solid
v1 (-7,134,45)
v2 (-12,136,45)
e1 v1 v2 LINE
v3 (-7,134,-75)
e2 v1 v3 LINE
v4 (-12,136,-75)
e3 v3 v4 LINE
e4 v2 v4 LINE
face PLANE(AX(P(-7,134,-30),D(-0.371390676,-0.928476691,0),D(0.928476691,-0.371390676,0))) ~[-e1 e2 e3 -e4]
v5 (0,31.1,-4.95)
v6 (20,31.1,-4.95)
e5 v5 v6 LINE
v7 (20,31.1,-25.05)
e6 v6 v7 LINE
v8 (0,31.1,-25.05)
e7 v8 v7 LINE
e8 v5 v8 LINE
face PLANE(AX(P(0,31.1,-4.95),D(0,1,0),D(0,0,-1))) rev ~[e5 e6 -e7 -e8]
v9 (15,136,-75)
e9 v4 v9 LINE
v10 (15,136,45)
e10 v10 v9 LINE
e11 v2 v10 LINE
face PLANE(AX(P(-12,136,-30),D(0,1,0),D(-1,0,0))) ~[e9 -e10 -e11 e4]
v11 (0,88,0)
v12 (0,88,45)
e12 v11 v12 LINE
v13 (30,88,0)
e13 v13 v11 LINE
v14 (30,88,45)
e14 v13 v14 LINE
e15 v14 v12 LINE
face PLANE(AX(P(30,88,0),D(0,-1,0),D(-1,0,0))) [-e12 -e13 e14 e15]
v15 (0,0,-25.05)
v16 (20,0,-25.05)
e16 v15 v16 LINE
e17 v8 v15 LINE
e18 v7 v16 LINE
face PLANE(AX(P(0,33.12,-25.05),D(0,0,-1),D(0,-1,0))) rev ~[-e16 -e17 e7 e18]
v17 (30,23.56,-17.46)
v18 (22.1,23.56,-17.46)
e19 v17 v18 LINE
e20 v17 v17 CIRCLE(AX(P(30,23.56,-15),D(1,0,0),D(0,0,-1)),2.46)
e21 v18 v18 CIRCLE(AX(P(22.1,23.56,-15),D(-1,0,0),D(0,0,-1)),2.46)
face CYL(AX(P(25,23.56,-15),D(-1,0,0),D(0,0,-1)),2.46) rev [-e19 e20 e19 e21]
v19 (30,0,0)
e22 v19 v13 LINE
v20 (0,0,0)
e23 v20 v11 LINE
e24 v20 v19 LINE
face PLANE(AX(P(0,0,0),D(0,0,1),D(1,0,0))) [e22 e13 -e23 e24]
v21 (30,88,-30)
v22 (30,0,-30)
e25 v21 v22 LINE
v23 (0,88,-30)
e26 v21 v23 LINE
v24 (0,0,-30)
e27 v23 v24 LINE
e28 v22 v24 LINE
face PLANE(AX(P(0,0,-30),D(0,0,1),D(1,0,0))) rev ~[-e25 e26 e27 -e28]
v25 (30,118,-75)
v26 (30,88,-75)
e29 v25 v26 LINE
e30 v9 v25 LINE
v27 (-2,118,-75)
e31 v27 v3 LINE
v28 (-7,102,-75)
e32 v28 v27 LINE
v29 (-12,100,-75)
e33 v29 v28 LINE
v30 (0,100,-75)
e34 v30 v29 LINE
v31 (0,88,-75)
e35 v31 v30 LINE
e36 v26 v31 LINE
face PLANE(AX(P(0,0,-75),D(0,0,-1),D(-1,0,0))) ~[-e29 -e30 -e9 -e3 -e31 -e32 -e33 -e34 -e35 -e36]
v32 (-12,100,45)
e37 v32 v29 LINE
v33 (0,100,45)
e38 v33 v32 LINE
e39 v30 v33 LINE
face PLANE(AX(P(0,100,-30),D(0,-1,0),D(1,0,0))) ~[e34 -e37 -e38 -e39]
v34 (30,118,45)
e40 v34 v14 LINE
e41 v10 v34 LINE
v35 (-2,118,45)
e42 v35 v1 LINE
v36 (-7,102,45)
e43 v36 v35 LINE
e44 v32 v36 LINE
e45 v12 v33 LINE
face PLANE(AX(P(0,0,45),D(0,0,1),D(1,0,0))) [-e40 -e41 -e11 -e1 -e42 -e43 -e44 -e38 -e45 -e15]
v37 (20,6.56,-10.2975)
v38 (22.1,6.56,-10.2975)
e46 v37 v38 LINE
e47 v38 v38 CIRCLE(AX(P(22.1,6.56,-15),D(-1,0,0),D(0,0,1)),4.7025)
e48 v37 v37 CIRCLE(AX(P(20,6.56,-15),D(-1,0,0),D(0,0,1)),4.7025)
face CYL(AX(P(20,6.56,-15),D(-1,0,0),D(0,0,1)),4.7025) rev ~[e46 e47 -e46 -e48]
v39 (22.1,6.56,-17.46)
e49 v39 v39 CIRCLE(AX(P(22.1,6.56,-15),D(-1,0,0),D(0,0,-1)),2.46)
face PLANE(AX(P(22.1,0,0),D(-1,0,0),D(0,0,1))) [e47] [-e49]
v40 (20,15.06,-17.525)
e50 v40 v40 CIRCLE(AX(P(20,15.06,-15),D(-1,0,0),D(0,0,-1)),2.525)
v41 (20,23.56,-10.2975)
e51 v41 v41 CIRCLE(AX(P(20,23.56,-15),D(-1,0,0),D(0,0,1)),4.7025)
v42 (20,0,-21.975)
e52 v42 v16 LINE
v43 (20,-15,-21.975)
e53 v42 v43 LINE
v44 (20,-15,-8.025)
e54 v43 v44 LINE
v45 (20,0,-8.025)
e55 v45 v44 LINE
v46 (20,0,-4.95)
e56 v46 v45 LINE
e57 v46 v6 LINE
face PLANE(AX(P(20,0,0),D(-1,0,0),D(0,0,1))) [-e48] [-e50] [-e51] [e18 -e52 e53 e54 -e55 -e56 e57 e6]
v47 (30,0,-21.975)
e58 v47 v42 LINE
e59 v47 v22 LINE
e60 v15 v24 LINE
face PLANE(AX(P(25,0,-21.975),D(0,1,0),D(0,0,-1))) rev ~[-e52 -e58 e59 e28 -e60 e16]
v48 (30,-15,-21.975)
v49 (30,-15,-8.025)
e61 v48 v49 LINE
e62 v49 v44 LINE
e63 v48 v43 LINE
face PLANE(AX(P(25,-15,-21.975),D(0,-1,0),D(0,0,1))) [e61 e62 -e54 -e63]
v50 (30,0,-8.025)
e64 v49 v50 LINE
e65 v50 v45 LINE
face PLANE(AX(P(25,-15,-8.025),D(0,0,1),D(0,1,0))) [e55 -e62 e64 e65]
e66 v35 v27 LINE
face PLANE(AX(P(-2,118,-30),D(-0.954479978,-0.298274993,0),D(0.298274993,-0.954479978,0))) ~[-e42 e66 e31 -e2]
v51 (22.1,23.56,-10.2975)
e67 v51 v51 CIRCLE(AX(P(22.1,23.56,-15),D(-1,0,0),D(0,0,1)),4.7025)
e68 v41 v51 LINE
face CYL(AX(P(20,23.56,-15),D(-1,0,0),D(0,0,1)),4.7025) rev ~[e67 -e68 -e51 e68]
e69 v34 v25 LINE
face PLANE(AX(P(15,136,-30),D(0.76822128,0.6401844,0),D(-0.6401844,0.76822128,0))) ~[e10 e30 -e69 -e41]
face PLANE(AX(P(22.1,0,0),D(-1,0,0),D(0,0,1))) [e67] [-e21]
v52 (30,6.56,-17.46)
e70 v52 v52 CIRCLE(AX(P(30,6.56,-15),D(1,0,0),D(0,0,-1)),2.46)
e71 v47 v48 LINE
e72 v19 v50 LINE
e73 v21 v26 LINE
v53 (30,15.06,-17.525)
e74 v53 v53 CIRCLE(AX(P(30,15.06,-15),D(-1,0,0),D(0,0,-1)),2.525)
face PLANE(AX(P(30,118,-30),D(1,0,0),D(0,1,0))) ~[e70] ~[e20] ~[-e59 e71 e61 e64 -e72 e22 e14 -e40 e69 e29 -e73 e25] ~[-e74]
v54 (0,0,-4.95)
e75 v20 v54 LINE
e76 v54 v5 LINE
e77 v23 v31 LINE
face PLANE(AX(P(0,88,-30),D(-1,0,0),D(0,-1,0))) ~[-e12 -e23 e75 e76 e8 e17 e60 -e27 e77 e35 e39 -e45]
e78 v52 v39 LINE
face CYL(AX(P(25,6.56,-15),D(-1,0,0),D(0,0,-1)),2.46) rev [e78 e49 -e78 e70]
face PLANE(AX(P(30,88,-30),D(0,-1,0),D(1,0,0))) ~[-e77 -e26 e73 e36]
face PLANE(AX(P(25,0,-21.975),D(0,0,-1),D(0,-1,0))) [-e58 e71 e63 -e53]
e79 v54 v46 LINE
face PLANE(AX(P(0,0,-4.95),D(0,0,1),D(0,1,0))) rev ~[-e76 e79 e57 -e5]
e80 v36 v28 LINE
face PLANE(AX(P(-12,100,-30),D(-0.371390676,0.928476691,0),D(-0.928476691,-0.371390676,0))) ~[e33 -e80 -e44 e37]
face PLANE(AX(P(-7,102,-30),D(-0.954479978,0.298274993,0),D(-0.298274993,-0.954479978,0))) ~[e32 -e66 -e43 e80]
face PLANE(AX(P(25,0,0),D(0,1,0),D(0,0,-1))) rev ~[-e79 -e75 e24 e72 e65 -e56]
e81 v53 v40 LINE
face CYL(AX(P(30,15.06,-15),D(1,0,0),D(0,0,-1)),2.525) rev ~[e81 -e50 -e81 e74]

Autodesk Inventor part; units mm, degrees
ref_plane "YZ Plane" through (0, 0, 0) normal (1, 0, 0) x (0, 1, 0)
ref_plane "XZ Plane" through (0, 0, 0) normal (0, 1, 0) x (-1, 0, 0)
sketch "Sketch1" plane through (0, 0, 0) normal (0, 0, 1) x (1, 0, 0)
  line L0 (0, 0) -> (25, 0)
  line L1 (25, 0) -> (25, 40)
  line L2 (25, 40) -> (0, 40)
  line L3 (0, 40) -> (0, 0)
  dimension "d1" = 25
  dimension "d2" = 40
  dimension "d3" = 25
extrude "Extrusion1" add sketch "Sketch1" against normal blind 30
sketch "Sketch2" plane through (25, 0, 0) normal (1, 0, 0) x (0, 0, -1)
  line L0 (0, 0) -> (30, 0) projected
  circle A0 centre (15, 6.56) radius 2.46
extrude "Extrusion2" cut sketch "Sketch2" against normal blind 30
sketch "Sketch3" plane through (0, 0, 0) normal (-1, 0, 0) x (0, 0, 1)
  line L0 (0, 0) -> (-30, 0) projected
  line L1 (-25.05, 0) -> (-4.95, 0)
  line L2 (-4.95, 0) -> (-4.95, 33.12)
  line L3 (-4.95, 33.12) -> (-25.05, 33.12)
  line L4 (-25.05, 33.12) -> (-25.05, 0)
  dimension "d11" = 20.1
extrude "Extrusion3" cut sketch "Sketch3" against normal blind 20
sketch "Sketch4" plane through (0, 0, 0) normal (0, -1, 0) x (1, 0, 0)
  line L0 (20, -4.95) -> (20, -25.05) projected
  line L1 (20, -15) -> (25, -15)
  line L2 (25, 0) -> (25, -30) projected
  line L3 (20, -8.025) -> (25, -8.025)
  line L4 (25, -8.025) -> (25, -21.975)
  line L5 (25, -21.975) -> (20, -21.975)
  line L6 (20, -21.975) -> (20, -8.025)
  line L7 (20, -8.025) -> (25, -21.975) construction
  line L8 (25, -8.025) -> (20, -21.975) construction
  line L9 (25, -12.54) -> (25, -17.46) projected
  point P0 (0, 0)
  point P1 (22.5, -15)
  dimension "d14" = 13.95
extrude "Extrusion4" add sketch "Sketch4" along normal blind 15
sketch "Sketch5" plane through (20, 0, 0) normal (-1, 0, 0) x (0, 0, 1)
  circle A0 centre (-15, 6.56) radius 2.46 projected
  circle A1 centre (-15, 6.56) radius 4.7025
  circle A2 centre (-15, 6.56) radius 2.46 projected
  circle A3 centre (-15, 6.56) radius 2.46
  point P0 (0, 0)
  dimension "d17" = 9.405
extrude "Extrusion5" cut sketch "Sketch5" against normal blind 2.1
sketch "Sketch6" plane through (25, 0, 0) normal (1, 0, 0) x (0, 0, -1)
  circle A0 centre (15, 6.56) radius 4.7025 projected
  line L0 (15, 6.56) -> (15, 23.56)
  circle A1 centre (15, 23.56) radius 2.46
  point P0 (0, 0)
  dimension "d20" = 17
  dimension "d21" = 4.92
extrude "Extrusion6" cut sketch "Sketch6" against normal blind 10 contours A1
sketch "Sketch7" plane through (20, 0, 0) normal (-1, 0, 0) x (0, 0, 1)
  circle A0 centre (-15, 23.56) radius 2.46 projected
  circle A1 centre (-15, 23.56) radius 4.7025
  point P0 (0, 0)
  dimension "d24" = 9.405
extrude "Extrusion7" cut sketch "Sketch7" against normal blind 2.1
sketch "Sketch9" plane through (25, 0, 0) normal (1, 0, 0) x (0, 0, -1)
  circle A0 centre (15, 6.56) radius 2.46 projected
  circle A1 centre (15, 6.56) radius 2.46
  circle A2 centre (15, 23.56) radius 2.46 projected
  circle A3 centre (15, 23.56) radius 2.46
  line L0 (30, 40) -> (30, 0) projected
  line L1 (30, 0) -> (30, 40)
  line L2 (30, 40) -> (0, 40)
  line L3 (0, 40) -> (0, 0)
  line L4 (0, 0) -> (8.025, 0) projected
  line L5 (21.975, 0) -> (21.975, -15)
  line L6 (21.975, -15) -> (8.025, -15)
  line L7 (8.025, -15) -> (8.025, 0)
  line L8 (0, 0) -> (8.025, 0)
  line L9 (21.975, 0) -> (30, 0)
extrude "Extrusion8" add sketch "Sketch9" along normal blind 5
sketch "Sketch10" plane through (0, 40, 0) normal (0, 1, 0) x (1, 0, 0)
  line L0 (0, 30) -> (30, 30) projected
  line L1 (30, 0) -> (0, 0) projected
  line L2 (0, 30) -> (30, 30)
  line L3 (30, 30) -> (30, 0)
  line L4 (30, 0) -> (0, 0)
  line L5 (0, 0) -> (0, 30)
extrude "Extrusion9" add sketch "Sketch10" along normal blind 30
sketch "Sketch12" plane through (30, 0, 0) normal (1, 0, 0) x (0, 0, -1)
  circle A0 centre (15, 6.56) radius 2.46 projected
  line L0 (15, 6.56) -> (15, 15.06)
  circle A1 centre (15, 15.06) radius 2.525
  point P0 (0, 0)
  dimension "d31" = 8.5
  dimension "d33" = 5.05
extrude "Extrusion10" cut sketch "Sketch12" against normal blind 30 contours A1
sketch "Sketch14" plane through (0, 0, 0) normal (0, 0, 1) x (1, 0, 0)
  line L0 (30, 70) -> (0, 70) projected
  line L1 (0, 70) -> (0, 85)
  line L2 (30, 0) -> (30, 70) projected
  line L3 (30, 118) -> (30, 70)
  line L4 (30, 105) -> (30, 100)
  line L5 (-7, 134) -> (-12, 136)
  line L6 (-7, 102) -> (-12, 100)
  line L7 (-7, 102) -> (-2, 118)
  line L8 (-2, 118) -> (-7, 134)
  line L9 (15, 136) -> (30, 118)
  line L10 (-12, 136) -> (15, 136)
  line L11 (0, 85) -> (0, 100)
  line L12 (0, 100) -> (-12, 100)
  point P0 (0, 0)
  dimension "d82" = 12
extrude "Extrusion12" add sketch "Sketch14" against normal blind 30
sketch "Sketch15" plane through (0, 0, -25.05) normal (-1, 0, 0) x (0, 0, 1)
  line L0 (0, 33.12) -> (20.1, 33.12) projected
  line L1 (20.1, 33.12) -> (20.1, 0) projected
  line L2 (0, 33.12) -> (20.1, 33.12)
  line L3 (20.1, 33.12) -> (20.1, 31.1)
  line L4 (20.1, 31.1) -> (0, 31.1)
  line L5 (0, 31.1) -> (0, 33.12)
  point P0 (25.05, 0)
  dimension "d57" = 2.02
extrude "Extrusion13" add sketch "Sketch15" against normal blind 20
sketch "Sketch23" plane through (0, 0, 0) normal (0, 0, 1) x (1, 0, 0)
  line L0 (0, 100) -> (-12, 100) projected
  line L1 (0, 100) -> (-12, 100)
  line L2 (-12, 100) -> (-7, 102) projected
  line L3 (-12, 100) -> (-7, 102)
  line L4 (-7, 102) -> (-2, 118) projected
  line L5 (-7, 102) -> (-2, 118)
  line L6 (-2, 118) -> (-7, 134) projected
  line L7 (-2, 118) -> (-7, 134)
  line L8 (-12, 136) -> (15, 136) projected
  line L9 (-7, 134) -> (-12, 136)
  line L10 (-12, 136) -> (15, 136)
  line L11 (15, 136) -> (30, 118) projected
  line L12 (15, 136) -> (30, 118)
  line L13 (30, 118) -> (30, 88)
  line L14 (30, 0) -> (30, 118) projected
  line L15 (30, 88) -> (0, 88)
  line L16 (0, 88) -> (0, 100)
  point P0 (0, 0)
  dimension "d83" = 30
  dimension "d84" = 30
extrude "Extrusion14" add sketch "Sketch23" along normal blind 45
ref_plane "Work Plane1" through (0, 0, -15) normal (0, 0, 1) x (1, 0, 0)
mirror "Mirror1" about plane through (0, 0, -15) normal (0, 0, 1) of "Extrusion14"
properties part number "rec_b_32mm_x_120mm"
